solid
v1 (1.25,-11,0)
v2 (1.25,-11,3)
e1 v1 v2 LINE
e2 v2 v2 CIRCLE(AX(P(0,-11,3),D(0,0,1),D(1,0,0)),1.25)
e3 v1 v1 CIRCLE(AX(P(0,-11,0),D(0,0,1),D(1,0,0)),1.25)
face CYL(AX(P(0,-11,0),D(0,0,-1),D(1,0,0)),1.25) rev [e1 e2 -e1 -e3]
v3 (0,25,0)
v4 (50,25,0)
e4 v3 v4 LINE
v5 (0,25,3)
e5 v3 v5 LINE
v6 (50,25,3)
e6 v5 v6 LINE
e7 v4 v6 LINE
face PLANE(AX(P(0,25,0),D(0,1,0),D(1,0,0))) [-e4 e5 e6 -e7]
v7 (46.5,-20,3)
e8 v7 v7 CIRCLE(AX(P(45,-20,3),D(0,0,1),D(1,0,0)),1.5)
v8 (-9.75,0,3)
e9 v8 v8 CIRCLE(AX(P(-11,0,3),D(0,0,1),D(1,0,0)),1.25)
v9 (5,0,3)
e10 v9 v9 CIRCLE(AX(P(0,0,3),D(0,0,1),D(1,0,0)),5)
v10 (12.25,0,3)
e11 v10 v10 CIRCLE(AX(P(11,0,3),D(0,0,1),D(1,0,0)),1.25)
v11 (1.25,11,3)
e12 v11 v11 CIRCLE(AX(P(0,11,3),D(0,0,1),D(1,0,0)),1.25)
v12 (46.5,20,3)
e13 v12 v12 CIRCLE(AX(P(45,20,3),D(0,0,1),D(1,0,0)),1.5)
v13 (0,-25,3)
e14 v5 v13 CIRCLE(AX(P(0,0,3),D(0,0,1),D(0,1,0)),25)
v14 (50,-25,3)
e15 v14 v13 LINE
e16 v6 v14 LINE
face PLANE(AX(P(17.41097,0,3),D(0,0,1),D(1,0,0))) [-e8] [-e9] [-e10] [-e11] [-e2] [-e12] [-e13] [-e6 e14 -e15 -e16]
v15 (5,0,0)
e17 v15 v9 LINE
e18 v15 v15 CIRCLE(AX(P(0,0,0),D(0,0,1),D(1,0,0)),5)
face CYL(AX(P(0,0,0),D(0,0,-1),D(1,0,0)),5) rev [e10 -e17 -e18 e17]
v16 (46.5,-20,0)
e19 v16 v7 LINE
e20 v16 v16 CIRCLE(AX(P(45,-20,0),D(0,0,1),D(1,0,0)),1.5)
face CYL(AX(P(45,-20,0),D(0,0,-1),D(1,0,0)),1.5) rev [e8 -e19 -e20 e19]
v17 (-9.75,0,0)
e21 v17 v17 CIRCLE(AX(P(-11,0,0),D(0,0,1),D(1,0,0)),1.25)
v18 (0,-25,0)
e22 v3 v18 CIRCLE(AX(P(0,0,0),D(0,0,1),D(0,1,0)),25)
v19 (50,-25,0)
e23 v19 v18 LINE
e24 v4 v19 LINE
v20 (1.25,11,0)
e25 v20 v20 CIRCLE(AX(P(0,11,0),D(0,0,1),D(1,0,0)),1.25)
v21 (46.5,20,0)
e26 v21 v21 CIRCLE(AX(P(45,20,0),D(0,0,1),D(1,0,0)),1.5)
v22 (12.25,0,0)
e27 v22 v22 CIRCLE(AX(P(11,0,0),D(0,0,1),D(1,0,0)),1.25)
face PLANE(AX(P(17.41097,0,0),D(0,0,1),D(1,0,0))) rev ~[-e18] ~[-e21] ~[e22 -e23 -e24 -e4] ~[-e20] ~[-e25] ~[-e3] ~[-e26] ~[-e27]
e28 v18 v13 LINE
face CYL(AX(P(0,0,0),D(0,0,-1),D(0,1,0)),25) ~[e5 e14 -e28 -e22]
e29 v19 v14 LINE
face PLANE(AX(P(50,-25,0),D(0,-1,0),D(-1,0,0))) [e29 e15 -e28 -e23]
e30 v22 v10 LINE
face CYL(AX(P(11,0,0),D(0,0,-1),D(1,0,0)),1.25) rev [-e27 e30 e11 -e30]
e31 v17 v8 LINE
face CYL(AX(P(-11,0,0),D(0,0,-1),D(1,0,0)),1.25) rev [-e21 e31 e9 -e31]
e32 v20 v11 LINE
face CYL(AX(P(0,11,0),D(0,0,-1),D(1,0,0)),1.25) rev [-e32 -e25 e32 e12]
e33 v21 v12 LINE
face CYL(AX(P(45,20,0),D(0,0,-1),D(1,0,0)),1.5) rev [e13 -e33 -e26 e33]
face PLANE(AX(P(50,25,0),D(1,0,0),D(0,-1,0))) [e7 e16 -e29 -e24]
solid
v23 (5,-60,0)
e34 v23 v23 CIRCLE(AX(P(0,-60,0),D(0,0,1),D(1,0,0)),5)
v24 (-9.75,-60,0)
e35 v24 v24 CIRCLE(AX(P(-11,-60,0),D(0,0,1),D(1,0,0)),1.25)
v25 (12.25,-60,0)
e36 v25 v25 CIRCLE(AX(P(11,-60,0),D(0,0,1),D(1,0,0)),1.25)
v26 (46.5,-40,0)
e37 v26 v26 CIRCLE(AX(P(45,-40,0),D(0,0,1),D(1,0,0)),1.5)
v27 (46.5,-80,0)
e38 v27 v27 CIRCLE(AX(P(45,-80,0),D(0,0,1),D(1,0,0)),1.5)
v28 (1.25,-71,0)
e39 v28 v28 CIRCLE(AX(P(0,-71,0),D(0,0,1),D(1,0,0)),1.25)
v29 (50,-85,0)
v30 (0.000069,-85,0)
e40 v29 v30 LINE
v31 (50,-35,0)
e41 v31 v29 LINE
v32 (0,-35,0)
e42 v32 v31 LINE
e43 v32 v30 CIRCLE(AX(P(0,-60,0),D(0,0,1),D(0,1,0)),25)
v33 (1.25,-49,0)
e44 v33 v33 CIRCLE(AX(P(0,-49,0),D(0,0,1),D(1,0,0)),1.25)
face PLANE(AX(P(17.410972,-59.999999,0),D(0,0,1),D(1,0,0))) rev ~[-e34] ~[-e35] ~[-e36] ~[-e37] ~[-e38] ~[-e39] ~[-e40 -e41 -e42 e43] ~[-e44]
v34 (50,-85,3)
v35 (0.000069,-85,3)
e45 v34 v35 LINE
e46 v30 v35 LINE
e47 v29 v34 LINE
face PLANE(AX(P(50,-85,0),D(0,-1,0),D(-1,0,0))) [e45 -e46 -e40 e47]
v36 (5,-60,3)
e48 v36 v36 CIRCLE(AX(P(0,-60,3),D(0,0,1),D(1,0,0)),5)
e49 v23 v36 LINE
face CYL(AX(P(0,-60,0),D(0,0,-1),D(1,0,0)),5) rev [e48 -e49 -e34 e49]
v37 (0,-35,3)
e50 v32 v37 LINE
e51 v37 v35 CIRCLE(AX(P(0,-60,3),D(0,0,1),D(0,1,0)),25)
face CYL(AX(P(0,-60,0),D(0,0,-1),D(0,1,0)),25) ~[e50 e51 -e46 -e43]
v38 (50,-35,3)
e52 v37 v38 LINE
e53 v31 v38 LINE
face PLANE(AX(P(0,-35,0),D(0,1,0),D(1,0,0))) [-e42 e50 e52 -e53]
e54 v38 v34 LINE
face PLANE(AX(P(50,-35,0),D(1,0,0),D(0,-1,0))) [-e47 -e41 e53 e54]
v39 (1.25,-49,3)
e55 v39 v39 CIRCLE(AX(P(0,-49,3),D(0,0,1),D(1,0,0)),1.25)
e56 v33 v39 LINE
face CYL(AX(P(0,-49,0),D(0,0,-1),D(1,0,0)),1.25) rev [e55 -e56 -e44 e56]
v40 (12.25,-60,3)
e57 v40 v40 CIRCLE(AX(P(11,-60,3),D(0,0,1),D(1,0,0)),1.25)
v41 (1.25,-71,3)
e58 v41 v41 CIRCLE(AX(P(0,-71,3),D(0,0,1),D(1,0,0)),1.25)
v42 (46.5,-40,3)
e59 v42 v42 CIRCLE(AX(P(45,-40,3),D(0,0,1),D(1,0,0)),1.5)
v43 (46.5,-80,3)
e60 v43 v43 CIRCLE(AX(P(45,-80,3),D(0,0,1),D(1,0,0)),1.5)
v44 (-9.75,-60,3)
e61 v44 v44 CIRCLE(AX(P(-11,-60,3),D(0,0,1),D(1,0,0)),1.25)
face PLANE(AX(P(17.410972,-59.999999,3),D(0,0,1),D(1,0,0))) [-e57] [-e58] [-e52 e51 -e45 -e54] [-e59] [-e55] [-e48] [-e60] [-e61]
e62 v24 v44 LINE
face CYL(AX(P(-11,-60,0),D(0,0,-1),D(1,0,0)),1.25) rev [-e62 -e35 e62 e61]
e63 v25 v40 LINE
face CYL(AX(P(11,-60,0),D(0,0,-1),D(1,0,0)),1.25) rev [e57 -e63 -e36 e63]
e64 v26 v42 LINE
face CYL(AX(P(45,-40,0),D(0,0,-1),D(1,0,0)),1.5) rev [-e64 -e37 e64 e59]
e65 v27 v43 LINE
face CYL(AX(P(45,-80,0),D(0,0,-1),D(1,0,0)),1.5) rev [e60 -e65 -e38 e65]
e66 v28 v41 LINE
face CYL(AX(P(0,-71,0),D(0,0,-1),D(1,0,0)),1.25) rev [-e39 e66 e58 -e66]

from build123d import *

# Parameters (mm, degrees)
SKETCH_R   = 1.25
SKETCH_R_2 = 1.5
SKETCH_R_3 = 5
PAD_DEPTH  = 3


with BuildPart() as part:
    # Sketch → Pad (new body)
    with BuildSketch(Plane.XY):
        with BuildLine():
            ThreePointArc((0, 25), (-25, 0), (0, -25))
            Line((50, -25), (0, -25))
            Line((50, 25), (50, -25))
            Line((0, 25), (50, 25))
        make_face()
        with Locations((0, 11)):
            Circle(SKETCH_R, mode=Mode.SUBTRACT)
        with Locations((-11, 0)):
            Circle(SKETCH_R, mode=Mode.SUBTRACT)
        with Locations((0, -11)):
            Circle(SKETCH_R, mode=Mode.SUBTRACT)
        with Locations((11, 0)):
            Circle(SKETCH_R, mode=Mode.SUBTRACT)
        with Locations((45, 20)):
            Circle(SKETCH_R_2, mode=Mode.SUBTRACT)
        with Locations((45, -20)):
            Circle(SKETCH_R_2, mode=Mode.SUBTRACT)
        Circle(SKETCH_R_3, mode=Mode.SUBTRACT)
        with BuildLine():
            ThreePointArc((0, -35), (-25, -60.000034), (6.9e-05, -85))
            Line((50, -85), (6.9e-05, -85))
            Line((50, -35), (50, -85))
            Line((0, -35), (50, -35))
        make_face()
        with Locations((0, -49)):
            Circle(SKETCH_R, mode=Mode.SUBTRACT)
        with Locations((-11, -60)):
            Circle(SKETCH_R, mode=Mode.SUBTRACT)
        with Locations((0, -71)):
            Circle(SKETCH_R, mode=Mode.SUBTRACT)
        with Locations((11, -60)):
            Circle(SKETCH_R, mode=Mode.SUBTRACT)
        with Locations((45, -40)):
            Circle(SKETCH_R_2, mode=Mode.SUBTRACT)
        with Locations((45, -80)):
            Circle(SKETCH_R_2, mode=Mode.SUBTRACT)
        with Locations((0, -60)):
            Circle(SKETCH_R_3, mode=Mode.SUBTRACT)
    extrude(amount=PAD_DEPTH)


solid = part.part
